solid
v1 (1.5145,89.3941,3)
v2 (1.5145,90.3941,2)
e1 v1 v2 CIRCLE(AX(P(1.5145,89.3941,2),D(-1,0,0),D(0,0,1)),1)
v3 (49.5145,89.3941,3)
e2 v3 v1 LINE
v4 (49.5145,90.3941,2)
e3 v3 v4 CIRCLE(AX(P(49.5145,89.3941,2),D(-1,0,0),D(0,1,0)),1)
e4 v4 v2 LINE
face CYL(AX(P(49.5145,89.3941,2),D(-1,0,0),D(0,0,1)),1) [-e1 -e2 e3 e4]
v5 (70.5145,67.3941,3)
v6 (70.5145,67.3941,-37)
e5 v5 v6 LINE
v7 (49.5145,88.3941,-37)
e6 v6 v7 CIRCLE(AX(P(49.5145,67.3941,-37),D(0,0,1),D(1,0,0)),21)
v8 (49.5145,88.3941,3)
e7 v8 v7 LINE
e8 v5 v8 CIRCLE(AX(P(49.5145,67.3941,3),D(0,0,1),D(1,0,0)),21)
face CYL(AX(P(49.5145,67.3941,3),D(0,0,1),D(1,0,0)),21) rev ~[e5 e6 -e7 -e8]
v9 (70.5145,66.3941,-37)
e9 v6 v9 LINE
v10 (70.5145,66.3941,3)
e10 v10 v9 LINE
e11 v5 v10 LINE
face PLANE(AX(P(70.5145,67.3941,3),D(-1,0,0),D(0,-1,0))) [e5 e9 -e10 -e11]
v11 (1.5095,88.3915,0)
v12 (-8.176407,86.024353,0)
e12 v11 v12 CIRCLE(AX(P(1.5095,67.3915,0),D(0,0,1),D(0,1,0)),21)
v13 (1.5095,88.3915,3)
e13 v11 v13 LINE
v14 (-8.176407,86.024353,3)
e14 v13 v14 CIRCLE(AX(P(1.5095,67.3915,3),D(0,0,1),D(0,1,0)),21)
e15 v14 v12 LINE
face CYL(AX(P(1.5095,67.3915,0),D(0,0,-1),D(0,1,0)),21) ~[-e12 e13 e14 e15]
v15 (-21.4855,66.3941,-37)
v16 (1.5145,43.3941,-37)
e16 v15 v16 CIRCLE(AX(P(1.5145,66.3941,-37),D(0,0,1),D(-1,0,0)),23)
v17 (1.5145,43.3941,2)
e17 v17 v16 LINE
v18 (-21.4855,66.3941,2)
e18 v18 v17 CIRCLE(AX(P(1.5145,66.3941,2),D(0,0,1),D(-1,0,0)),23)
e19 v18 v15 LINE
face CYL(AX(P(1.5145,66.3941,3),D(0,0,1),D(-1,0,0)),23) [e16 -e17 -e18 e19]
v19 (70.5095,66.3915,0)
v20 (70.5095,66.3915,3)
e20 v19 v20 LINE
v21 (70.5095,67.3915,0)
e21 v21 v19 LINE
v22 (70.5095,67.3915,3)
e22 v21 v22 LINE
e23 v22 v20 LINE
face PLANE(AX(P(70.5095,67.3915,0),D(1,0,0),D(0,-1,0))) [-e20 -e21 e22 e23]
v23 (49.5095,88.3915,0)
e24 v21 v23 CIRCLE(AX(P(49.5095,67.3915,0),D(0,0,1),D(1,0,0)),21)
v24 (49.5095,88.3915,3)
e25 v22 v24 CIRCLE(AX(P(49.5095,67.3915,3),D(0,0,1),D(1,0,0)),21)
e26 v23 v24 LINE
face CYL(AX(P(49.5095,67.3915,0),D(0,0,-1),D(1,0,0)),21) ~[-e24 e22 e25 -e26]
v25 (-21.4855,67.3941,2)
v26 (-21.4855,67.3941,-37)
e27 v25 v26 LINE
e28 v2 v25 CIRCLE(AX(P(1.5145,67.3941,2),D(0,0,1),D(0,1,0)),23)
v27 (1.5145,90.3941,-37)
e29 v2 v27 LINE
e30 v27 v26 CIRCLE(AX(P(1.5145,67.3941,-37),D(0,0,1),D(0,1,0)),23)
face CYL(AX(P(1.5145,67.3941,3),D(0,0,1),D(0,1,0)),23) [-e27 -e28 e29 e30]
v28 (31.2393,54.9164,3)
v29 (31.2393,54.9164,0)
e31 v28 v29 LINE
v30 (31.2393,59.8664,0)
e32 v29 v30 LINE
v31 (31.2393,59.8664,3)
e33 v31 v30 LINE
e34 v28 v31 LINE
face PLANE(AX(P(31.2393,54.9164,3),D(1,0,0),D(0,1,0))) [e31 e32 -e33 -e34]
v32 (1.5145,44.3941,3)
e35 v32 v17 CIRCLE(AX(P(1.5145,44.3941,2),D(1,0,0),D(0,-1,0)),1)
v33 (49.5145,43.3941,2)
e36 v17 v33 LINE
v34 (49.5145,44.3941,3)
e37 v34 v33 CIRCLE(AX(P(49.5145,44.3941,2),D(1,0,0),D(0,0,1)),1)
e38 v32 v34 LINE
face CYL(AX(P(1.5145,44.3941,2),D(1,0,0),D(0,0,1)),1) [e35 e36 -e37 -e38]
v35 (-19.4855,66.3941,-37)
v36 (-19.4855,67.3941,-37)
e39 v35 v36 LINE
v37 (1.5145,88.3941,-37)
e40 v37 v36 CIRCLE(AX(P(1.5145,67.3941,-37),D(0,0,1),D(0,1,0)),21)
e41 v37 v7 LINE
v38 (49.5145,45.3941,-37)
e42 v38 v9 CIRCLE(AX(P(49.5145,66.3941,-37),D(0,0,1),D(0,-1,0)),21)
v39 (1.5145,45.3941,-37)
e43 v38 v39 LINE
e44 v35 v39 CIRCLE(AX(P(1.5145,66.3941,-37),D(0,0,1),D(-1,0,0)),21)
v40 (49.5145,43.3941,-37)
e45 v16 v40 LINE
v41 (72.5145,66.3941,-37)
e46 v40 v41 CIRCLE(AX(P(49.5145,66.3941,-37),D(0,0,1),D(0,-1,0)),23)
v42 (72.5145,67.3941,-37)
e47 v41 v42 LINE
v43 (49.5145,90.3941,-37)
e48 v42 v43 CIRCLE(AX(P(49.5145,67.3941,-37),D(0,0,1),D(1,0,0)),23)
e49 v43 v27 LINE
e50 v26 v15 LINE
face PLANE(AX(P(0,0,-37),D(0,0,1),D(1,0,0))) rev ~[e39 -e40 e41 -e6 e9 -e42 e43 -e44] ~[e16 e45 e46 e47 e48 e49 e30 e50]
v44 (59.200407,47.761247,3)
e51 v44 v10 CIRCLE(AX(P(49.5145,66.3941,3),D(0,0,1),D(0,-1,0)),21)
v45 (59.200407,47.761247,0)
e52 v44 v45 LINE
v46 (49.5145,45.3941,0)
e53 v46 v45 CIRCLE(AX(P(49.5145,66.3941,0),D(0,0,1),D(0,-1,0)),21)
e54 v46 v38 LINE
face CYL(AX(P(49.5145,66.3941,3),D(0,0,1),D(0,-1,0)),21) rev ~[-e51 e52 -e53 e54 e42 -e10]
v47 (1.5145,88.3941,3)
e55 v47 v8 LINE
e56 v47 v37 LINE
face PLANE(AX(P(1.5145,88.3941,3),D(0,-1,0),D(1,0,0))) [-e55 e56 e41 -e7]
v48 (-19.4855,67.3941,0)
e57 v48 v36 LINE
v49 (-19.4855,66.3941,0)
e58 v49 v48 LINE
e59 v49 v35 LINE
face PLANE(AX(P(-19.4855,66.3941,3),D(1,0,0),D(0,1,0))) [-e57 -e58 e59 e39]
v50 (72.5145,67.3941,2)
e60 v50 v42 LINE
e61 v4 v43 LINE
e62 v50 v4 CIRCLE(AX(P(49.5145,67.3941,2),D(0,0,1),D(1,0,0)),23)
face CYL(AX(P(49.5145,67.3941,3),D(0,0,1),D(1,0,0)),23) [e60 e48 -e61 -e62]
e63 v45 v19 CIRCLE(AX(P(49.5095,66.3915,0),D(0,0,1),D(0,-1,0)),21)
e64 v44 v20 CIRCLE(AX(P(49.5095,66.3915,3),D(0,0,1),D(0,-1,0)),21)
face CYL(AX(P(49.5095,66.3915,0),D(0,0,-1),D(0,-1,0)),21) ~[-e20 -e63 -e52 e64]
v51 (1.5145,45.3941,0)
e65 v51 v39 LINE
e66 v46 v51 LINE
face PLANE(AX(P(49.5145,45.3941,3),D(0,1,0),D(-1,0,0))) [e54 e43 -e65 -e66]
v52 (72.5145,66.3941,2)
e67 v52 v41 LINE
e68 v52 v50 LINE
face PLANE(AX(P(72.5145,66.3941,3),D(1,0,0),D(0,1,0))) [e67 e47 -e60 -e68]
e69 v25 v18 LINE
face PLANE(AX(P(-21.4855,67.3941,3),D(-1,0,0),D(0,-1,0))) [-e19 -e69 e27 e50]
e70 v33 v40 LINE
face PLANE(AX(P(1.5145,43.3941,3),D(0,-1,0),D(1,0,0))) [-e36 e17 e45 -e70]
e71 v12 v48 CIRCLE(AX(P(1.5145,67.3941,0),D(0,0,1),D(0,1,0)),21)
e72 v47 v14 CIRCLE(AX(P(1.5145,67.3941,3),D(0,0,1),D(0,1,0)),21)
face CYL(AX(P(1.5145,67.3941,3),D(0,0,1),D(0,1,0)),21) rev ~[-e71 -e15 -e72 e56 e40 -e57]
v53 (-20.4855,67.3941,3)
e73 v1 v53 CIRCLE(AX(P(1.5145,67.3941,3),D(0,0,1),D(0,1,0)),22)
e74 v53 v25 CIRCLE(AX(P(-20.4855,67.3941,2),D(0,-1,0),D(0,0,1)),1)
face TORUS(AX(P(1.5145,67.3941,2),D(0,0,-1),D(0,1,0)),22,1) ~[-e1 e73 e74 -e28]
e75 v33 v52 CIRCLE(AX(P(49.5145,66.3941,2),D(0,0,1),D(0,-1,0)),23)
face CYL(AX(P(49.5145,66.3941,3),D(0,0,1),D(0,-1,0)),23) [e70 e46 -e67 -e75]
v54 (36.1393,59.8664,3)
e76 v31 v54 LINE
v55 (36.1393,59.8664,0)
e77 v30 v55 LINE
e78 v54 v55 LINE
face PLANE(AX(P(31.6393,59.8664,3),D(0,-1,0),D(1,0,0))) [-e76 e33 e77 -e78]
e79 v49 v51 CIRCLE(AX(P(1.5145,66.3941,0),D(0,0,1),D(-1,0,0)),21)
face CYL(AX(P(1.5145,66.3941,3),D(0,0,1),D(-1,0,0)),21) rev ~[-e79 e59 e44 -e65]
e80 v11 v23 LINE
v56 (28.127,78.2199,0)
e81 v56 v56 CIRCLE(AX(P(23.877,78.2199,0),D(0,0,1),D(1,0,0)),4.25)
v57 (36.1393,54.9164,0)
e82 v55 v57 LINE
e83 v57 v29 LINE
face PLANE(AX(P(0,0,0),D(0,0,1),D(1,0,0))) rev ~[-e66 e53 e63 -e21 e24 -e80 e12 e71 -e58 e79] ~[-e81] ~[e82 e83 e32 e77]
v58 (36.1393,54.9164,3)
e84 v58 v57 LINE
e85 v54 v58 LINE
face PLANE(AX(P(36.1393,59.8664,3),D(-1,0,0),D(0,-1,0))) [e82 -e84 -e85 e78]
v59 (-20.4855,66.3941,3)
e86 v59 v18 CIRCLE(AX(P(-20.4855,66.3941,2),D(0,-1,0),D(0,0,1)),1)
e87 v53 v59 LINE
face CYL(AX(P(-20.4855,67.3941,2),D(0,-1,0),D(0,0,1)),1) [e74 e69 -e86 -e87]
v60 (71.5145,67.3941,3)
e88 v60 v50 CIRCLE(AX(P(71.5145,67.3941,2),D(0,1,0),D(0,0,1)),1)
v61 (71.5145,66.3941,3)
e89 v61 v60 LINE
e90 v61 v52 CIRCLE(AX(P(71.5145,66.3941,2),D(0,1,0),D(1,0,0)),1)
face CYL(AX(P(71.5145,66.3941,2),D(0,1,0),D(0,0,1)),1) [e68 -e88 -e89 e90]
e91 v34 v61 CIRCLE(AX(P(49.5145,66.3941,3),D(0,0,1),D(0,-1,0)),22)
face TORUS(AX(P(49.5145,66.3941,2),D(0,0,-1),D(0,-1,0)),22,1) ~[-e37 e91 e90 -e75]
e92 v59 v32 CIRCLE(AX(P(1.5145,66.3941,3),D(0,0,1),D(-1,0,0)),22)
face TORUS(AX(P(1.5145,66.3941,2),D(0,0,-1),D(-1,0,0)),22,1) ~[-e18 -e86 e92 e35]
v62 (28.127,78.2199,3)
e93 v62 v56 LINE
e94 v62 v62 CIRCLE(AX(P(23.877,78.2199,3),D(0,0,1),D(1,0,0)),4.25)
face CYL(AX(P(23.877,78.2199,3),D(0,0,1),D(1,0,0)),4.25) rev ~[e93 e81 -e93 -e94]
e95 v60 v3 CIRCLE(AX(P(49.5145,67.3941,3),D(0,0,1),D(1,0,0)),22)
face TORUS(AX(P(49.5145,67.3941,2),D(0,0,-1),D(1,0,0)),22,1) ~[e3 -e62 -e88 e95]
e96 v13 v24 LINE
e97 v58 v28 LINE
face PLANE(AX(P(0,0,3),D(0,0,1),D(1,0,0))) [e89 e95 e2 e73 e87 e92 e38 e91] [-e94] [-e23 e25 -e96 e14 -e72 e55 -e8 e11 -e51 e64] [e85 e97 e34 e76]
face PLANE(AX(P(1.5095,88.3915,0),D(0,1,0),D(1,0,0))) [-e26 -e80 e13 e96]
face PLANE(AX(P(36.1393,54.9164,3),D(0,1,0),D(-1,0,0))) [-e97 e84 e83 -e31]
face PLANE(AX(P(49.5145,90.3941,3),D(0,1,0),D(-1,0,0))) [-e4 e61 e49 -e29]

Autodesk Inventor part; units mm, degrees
ref_plane "YZ Plane" through (0, 0, 0) normal (1, 0, 0) x (0, 1, 0)
ref_plane "XZ Plane" through (0, 0, 0) normal (0, 1, 0) x (-1, 0, 0)
ref_plane "XY Plane" through (0, 0, 0) normal (0, 0, 1) x (1, 0, 0)
sketch "Sketch1" plane through (0, 0, 0) normal (0, 0, 1) x (1, 0, 0)
  line L0 (1.5095, 88.3915) -> (49.5095, 88.3915)
  line L1 (70.5095, 67.3915) -> (70.5095, 66.3915)
  line L2 (49.5095, 45.3915) -> (1.5095, 45.3915)
  line L3 (-19.4905, 66.3915) -> (-19.4905, 67.3915)
  arc A0 (1.5095, 88.3915) -> (-19.4905, 67.3915) centre (1.5095, 67.3915) ccw
  arc A1 (-19.4905, 66.3915) -> (1.5095, 45.3915) centre (1.5095, 66.3915) ccw
  arc A2 (70.5095, 67.3915) -> (49.5095, 88.3915) centre (49.5095, 67.3915) ccw
  arc A3 (49.5095, 45.3915) -> (70.5095, 66.3915) centre (49.5095, 66.3915) ccw
  line L4 (49.5095, 90.3915) -> (1.5095, 90.3915)
  arc A4 (1.5095, 90.3915) -> (-21.4905, 67.3915) centre (1.5095, 67.3915) ccw
  line L5 (-21.4905, 67.3915) -> (-21.4905, 66.3915)
  arc A5 (-21.4905, 66.3915) -> (1.5095, 43.3915) centre (1.5095, 66.3915) ccw
  line L6 (1.5095, 43.3915) -> (49.5095, 43.3915)
  arc A6 (49.5095, 43.3915) -> (72.5095, 66.3915) centre (49.5095, 66.3915) ccw
  line L7 (72.5095, 66.3915) -> (72.5095, 67.3915)
  arc A7 (72.5095, 67.3915) -> (49.5095, 90.3915) centre (49.5095, 67.3915) ccw
  line L8 (1.5095, 45.3915) -> (49.5095, 45.3915)
  line L9 (49.5095, 45.3915) -> (49.5095, 88.3915)
  line L10 (49.5095, 88.3915) -> (1.5095, 88.3915)
  line L11 (1.5095, 88.3915) -> (1.5095, 45.3915)
  point P0 (0, 0)
  point P1 (-19.4905, 88.3915)
  point P2 (70.5095, 45.3915)
  point P3 (70.5095, 88.3915)
  point P4 (-19.4905, 66.8915)
  dimension "d0" = 90
  dimension "d1" = 43
  dimension "d2" = 21
  dimension "d3" = 21
  dimension "d6" = 2
  dimension "d36" = 48
extrude "Extrusion2" add sketch "Sketch1" along normal blind 3 contours L11 A1 L3 A0 | L0 L9 L2 L11 | A2 L1 A3 L9
sketch "Sketch5" plane through (0, 0, 3) normal (0, 0, 1) x (1, 0, 0)
  line L0 (1.5145, 88.3941) -> (49.5145, 88.3941)
  line L1 (70.5145, 67.3941) -> (70.5145, 66.3941)
  line L2 (49.5145, 45.3941) -> (1.5145, 45.3941)
  line L3 (-19.4855, 66.3941) -> (-19.4855, 67.3941)
  arc A0 (1.5145, 88.3941) -> (-19.4855, 67.3941) centre (1.5145, 67.3941) ccw
  arc A1 (-19.4855, 66.3941) -> (1.5145, 45.3941) centre (1.5145, 66.3941) ccw
  arc A2 (70.5145, 67.3941) -> (49.5145, 88.3941) centre (49.5145, 67.3941) ccw
  arc A3 (49.5145, 45.3941) -> (70.5145, 66.3941) centre (49.5145, 66.3941) ccw
  line L4 (49.5145, 90.3941) -> (1.5145, 90.3941)
  arc A4 (1.5145, 90.3941) -> (-21.4855, 67.3941) centre (1.5145, 67.3941) ccw
  line L5 (-21.4855, 67.3941) -> (-21.4855, 66.3941)
  arc A5 (-21.4855, 66.3941) -> (1.5145, 43.3941) centre (1.5145, 66.3941) ccw
  line L6 (1.5145, 43.3941) -> (49.5145, 43.3941)
  arc A6 (49.5145, 43.3941) -> (72.5145, 66.3941) centre (49.5145, 66.3941) ccw
  line L7 (72.5145, 66.3941) -> (72.5145, 67.3941)
  arc A7 (72.5145, 67.3941) -> (49.5145, 90.3941) centre (49.5145, 67.3941) ccw
  circle A8 centre (23.6625, 78.0591) radius 2.25
  line L8 (10.0145, 58.4841) -> (13.8145, 58.4841)
  line L9 (13.8145, 58.4841) -> (13.8145, 54.6841)
  line L10 (13.8145, 54.6841) -> (10.0145, 54.6841)
  line L11 (10.0145, 54.6841) -> (10.0145, 58.4841)
  point P0 (0, 0)
  point P1 (-69.6997, -39.2573)
  point P2 (-19.4855, 88.3941)
  point P3 (70.5145, 45.3941)
  point P4 (70.5145, 88.3941)
  point P5 (-19.4855, 66.8941)
  point P6 (10.0145, 56.5841)
  point P7 (11.9145, 54.6841)
  dimension "d16" = 90
  dimension "d17" = 43
  dimension "d18" = 21
  dimension "d19" = 21
  dimension "d20" = 2
  dimension "d21" = 4.5
  dimension "d22" = 3.8
  dimension "d23" = 29.5
  dimension "d24" = 9.29
  dimension "d25" = 3.8
  dimension "d26" = 43.148
  dimension "d27" = 10.335
extrude "Extrusion3" add sketch "Sketch5" against normal blind 40 contours A7 L7 A6 L6 A5 L5 A4 L4
fillet "Fillet1" radius 1 8 edges at (-21.4855, 66.8941, 3) (-14.7489, 50.1306, 3) (25.5145, 43.3941, 3) (65.778, 50.1306, 3) (72.5145, 66.8941, 3) (65.778, 83.6576, 3) (25.5145, 90.3941, 3) (-14.7489, 83.6576, 3)
sketch "Sketch7" plane through (0, 0, 3) normal (0, 0, 1) x (1, 0, 0)
  circle A0 centre (23.877, 78.2199) radius 0.1744
  circle A1 centre (23.877, 78.2199) radius 4.25
  line L0 (31.6393, 59.8664) -> (31.2393, 59.8664)
  line L1 (36.1393, 54.9164) -> (35.7393, 54.9164)
  line L2 (31.2393, 59.8664) -> (36.1393, 59.8664)
  line L3 (36.1393, 59.8664) -> (36.1393, 54.9164)
  line L4 (36.1393, 54.9164) -> (31.2393, 54.9164)
  line L5 (31.2393, 54.9164) -> (31.2393, 59.8664)
  line L6 (-2.1134, 89.7222) -> (57.8866, 89.7222)
  line L7 (57.8866, 89.7222) -> (57.8866, 49.7222)
  line L8 (57.8866, 49.7222) -> (-2.1134, 49.7222)
  line L9 (-2.1134, 49.7222) -> (-2.1134, 89.7222)
  point P0 (0, 0)
  point P1 (-83.2087, 35.9088)
  dimension "d40" = 8.5
  dimension "d41" = 60
  dimension "d42" = 40
extrude "Extrusion5" cut sketch "Sketch7" against normal blind 10 contours A0 | A1 | L2 L3 L1 L4 L5 L0
sketch "Sketch8" plane through (0, 0, 0) normal (0, 0, -1) x (-1, 0, 0)
  point P0 (0, 0)
properties part number "Front" material "Acetal Resin, Black"
